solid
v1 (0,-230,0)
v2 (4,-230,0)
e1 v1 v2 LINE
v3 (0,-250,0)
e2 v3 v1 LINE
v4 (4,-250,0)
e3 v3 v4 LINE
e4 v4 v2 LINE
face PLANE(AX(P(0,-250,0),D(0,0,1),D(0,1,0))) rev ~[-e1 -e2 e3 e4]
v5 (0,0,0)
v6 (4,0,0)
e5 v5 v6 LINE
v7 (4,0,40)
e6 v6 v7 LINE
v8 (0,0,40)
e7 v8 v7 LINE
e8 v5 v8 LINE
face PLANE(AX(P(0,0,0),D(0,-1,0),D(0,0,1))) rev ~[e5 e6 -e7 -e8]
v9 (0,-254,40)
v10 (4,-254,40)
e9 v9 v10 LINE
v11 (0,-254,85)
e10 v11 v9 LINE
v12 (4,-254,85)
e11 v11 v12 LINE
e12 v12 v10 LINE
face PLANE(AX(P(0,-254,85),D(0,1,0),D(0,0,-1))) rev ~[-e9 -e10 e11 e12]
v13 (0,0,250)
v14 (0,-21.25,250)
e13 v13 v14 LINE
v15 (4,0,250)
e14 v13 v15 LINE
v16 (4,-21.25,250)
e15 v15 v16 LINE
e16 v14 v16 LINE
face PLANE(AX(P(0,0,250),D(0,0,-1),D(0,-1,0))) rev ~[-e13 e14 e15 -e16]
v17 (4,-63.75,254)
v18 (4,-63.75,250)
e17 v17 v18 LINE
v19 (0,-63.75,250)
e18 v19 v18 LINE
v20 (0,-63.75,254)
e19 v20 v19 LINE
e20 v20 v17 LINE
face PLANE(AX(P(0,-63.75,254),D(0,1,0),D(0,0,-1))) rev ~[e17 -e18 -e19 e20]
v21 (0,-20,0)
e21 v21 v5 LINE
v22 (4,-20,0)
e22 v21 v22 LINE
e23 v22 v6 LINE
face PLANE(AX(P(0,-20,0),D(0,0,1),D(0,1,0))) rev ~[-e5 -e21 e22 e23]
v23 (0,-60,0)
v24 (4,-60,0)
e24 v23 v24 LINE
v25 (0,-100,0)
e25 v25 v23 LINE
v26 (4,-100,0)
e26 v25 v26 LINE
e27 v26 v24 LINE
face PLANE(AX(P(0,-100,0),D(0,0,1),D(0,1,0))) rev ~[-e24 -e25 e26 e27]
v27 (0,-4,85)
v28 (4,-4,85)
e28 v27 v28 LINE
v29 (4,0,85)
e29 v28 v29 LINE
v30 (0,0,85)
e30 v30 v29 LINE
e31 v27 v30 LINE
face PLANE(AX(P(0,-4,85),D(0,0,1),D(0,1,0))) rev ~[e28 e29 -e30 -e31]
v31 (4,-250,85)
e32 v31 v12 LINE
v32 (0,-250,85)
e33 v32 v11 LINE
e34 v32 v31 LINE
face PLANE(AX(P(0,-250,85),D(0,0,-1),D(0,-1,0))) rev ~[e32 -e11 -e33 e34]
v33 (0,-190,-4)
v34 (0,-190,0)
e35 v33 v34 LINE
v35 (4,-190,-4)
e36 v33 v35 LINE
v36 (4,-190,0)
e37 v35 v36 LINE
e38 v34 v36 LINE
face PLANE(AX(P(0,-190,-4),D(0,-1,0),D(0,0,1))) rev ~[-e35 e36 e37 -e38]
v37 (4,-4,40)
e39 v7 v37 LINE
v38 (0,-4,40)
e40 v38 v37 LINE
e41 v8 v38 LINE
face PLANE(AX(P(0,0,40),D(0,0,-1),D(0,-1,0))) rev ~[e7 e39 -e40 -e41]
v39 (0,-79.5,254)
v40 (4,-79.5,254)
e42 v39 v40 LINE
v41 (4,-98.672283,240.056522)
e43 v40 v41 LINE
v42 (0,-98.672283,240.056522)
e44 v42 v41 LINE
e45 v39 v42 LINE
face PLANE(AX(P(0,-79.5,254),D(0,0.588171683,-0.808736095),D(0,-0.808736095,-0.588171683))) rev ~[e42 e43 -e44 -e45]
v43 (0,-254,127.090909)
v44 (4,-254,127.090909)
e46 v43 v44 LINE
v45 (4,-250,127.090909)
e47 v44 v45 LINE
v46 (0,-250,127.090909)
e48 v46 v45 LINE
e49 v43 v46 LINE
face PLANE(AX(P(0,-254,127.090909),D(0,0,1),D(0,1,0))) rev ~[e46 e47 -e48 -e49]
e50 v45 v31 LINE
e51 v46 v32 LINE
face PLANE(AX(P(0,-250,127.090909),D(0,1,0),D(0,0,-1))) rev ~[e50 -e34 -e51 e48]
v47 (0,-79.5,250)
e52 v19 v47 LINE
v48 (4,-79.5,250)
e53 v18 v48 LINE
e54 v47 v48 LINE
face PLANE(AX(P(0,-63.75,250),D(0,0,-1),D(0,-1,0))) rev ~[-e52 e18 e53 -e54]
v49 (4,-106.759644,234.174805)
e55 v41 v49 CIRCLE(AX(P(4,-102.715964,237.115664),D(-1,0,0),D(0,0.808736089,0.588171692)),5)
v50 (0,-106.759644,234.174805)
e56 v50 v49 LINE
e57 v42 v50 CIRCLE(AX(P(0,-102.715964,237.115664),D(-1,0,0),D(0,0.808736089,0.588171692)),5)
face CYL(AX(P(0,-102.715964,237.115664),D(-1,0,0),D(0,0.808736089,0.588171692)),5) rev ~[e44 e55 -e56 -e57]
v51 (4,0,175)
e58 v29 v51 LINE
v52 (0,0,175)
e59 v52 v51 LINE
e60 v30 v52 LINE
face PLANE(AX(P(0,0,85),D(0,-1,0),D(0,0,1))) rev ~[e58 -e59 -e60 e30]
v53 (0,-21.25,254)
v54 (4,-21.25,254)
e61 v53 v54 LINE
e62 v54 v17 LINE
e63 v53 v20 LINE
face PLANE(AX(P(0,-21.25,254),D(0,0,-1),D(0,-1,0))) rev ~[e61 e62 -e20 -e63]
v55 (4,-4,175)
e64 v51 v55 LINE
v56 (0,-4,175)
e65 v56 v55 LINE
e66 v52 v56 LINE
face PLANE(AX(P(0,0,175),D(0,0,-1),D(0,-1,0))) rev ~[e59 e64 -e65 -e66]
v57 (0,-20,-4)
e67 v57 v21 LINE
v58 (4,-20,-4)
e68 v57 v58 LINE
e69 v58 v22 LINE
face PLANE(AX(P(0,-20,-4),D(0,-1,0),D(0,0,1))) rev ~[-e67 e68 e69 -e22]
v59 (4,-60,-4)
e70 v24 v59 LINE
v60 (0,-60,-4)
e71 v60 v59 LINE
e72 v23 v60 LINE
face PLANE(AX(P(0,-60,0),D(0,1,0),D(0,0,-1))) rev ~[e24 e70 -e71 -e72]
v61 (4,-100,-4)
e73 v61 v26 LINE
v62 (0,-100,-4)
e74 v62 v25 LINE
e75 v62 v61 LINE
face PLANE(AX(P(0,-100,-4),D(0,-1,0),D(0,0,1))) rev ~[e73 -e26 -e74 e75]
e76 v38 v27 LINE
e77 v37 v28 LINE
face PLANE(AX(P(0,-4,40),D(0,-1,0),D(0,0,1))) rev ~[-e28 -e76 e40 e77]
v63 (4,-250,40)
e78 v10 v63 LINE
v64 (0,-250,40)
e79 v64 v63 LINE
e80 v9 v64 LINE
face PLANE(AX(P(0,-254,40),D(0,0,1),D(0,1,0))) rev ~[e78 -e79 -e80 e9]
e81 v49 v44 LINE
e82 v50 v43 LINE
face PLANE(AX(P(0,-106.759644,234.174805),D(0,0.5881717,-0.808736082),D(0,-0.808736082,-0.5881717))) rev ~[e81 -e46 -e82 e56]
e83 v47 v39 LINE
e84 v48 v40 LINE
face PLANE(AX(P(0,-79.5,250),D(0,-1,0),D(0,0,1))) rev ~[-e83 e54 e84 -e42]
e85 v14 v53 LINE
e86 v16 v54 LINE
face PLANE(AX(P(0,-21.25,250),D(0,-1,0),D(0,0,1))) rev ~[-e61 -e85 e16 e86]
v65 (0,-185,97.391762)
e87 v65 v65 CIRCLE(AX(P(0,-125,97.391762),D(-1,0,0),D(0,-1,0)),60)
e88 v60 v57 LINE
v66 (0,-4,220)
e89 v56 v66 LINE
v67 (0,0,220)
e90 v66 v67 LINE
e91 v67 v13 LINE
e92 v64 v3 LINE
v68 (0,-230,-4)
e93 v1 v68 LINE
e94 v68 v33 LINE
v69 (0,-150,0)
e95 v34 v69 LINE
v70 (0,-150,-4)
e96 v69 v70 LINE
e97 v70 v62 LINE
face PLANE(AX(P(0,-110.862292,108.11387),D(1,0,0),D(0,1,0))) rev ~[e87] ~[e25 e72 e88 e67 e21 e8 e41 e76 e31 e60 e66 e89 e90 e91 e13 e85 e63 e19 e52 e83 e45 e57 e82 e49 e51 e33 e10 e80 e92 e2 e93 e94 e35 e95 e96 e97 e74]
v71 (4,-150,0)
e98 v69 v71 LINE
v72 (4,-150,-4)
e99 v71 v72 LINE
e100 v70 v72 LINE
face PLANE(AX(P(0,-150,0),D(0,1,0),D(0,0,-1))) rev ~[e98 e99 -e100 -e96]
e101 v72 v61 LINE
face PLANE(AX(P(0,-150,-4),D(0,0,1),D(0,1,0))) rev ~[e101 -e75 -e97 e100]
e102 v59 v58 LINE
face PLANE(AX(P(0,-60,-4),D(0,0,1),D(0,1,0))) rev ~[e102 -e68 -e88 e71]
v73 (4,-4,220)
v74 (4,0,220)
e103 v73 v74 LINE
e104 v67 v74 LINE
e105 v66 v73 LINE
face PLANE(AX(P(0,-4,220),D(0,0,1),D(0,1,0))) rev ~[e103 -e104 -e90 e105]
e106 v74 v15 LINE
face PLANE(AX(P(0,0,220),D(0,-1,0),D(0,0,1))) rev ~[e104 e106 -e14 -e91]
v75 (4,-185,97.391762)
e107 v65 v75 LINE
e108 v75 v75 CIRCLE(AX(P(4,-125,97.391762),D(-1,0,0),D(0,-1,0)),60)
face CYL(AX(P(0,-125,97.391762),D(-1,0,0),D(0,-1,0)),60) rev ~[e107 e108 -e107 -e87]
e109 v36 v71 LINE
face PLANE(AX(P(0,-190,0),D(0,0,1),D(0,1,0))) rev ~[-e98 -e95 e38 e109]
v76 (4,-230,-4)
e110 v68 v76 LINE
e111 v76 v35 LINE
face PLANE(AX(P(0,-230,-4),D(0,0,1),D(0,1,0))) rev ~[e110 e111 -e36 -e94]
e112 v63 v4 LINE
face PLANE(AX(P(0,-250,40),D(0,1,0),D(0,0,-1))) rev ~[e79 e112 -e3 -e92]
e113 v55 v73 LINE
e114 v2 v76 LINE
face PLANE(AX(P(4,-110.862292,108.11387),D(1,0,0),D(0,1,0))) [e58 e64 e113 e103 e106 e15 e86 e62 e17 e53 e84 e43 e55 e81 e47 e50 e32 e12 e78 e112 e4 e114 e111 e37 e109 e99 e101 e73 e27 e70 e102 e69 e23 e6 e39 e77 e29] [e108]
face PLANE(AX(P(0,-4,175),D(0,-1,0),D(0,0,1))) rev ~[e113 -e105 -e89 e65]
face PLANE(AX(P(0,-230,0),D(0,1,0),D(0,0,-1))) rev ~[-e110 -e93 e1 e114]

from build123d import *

# Parameters (mm, degrees)
F1_DEPTH = 4
F2_R     = 60
F3_DEPTH = 25


with BuildPart() as f1:
    # F0 (on Right) → F1 (new body)
    with BuildSketch(Plane.YZ):
        with BuildLine():
            Line((-20, 0), (0, 0))
            Line((0, 0), (0, 40))
            Line((0, 40), (-4, 40))
            Line((-4, 40), (-4, 85))
            Line((-4, 85), (0, 85))
            Line((0, 85), (0, 175))
            Line((0, 175), (-4, 175))
            Line((-4, 175), (-4, 220))
            Line((-4, 220), (0, 220))
            Line((0, 220), (0, 250))
            Line((0, 250), (-21.25, 250))
            Line((-21.25, 250), (-21.25, 254))
            Line((-21.25, 254), (-63.75, 254))
            Line((-63.75, 254), (-63.75, 250))
            Line((-63.75, 250), (-79.5, 250))
            Line((-79.5, 250), (-79.5, 254))
            Line((-79.5, 254), (-98.672283, 240.056522))
            ThreePointArc((-98.672283, 240.056522), (-99.775105, 233.071983), (-106.759644, 234.174805))
            Line((-106.759644, 234.174805), (-254, 127.090909))
            Line((-254, 127.090909), (-250, 127.090909))
            Line((-250, 127.090909), (-250, 85))
            Line((-250, 85), (-254, 85))
            Line((-254, 85), (-254, 40))
            Line((-254, 40), (-250, 40))
            Line((-250, 40), (-250, 0))
            Line((-250, 0), (-230, 0))
            Line((-230, 0), (-230, -4))
            Line((-230, -4), (-190, -4))
            Line((-190, -4), (-190, 0))
            Line((-190, 0), (-150, 0))
            Line((-150, 0), (-150, -4))
            Line((-150, -4), (-100, -4))
            Line((-100, -4), (-100, 0))
            Line((-100, 0), (-60, 0))
            Line((-60, 0), (-60, -4))
            Line((-60, -4), (-20, -4))
            Line((-20, -4), (-20, 0))
        make_face()
    extrude(amount=F1_DEPTH)

    # F2 (on face) → F3 (cut)
    with BuildSketch(Plane(origin=(0, 0, 0), x_dir=(0, -1, 0), z_dir=(-1, 0, 0))):
        with Locations((125, 97.391762)):
            Circle(F2_R)
    extrude(amount=-F3_DEPTH, mode=Mode.SUBTRACT)


solid = f1.part
